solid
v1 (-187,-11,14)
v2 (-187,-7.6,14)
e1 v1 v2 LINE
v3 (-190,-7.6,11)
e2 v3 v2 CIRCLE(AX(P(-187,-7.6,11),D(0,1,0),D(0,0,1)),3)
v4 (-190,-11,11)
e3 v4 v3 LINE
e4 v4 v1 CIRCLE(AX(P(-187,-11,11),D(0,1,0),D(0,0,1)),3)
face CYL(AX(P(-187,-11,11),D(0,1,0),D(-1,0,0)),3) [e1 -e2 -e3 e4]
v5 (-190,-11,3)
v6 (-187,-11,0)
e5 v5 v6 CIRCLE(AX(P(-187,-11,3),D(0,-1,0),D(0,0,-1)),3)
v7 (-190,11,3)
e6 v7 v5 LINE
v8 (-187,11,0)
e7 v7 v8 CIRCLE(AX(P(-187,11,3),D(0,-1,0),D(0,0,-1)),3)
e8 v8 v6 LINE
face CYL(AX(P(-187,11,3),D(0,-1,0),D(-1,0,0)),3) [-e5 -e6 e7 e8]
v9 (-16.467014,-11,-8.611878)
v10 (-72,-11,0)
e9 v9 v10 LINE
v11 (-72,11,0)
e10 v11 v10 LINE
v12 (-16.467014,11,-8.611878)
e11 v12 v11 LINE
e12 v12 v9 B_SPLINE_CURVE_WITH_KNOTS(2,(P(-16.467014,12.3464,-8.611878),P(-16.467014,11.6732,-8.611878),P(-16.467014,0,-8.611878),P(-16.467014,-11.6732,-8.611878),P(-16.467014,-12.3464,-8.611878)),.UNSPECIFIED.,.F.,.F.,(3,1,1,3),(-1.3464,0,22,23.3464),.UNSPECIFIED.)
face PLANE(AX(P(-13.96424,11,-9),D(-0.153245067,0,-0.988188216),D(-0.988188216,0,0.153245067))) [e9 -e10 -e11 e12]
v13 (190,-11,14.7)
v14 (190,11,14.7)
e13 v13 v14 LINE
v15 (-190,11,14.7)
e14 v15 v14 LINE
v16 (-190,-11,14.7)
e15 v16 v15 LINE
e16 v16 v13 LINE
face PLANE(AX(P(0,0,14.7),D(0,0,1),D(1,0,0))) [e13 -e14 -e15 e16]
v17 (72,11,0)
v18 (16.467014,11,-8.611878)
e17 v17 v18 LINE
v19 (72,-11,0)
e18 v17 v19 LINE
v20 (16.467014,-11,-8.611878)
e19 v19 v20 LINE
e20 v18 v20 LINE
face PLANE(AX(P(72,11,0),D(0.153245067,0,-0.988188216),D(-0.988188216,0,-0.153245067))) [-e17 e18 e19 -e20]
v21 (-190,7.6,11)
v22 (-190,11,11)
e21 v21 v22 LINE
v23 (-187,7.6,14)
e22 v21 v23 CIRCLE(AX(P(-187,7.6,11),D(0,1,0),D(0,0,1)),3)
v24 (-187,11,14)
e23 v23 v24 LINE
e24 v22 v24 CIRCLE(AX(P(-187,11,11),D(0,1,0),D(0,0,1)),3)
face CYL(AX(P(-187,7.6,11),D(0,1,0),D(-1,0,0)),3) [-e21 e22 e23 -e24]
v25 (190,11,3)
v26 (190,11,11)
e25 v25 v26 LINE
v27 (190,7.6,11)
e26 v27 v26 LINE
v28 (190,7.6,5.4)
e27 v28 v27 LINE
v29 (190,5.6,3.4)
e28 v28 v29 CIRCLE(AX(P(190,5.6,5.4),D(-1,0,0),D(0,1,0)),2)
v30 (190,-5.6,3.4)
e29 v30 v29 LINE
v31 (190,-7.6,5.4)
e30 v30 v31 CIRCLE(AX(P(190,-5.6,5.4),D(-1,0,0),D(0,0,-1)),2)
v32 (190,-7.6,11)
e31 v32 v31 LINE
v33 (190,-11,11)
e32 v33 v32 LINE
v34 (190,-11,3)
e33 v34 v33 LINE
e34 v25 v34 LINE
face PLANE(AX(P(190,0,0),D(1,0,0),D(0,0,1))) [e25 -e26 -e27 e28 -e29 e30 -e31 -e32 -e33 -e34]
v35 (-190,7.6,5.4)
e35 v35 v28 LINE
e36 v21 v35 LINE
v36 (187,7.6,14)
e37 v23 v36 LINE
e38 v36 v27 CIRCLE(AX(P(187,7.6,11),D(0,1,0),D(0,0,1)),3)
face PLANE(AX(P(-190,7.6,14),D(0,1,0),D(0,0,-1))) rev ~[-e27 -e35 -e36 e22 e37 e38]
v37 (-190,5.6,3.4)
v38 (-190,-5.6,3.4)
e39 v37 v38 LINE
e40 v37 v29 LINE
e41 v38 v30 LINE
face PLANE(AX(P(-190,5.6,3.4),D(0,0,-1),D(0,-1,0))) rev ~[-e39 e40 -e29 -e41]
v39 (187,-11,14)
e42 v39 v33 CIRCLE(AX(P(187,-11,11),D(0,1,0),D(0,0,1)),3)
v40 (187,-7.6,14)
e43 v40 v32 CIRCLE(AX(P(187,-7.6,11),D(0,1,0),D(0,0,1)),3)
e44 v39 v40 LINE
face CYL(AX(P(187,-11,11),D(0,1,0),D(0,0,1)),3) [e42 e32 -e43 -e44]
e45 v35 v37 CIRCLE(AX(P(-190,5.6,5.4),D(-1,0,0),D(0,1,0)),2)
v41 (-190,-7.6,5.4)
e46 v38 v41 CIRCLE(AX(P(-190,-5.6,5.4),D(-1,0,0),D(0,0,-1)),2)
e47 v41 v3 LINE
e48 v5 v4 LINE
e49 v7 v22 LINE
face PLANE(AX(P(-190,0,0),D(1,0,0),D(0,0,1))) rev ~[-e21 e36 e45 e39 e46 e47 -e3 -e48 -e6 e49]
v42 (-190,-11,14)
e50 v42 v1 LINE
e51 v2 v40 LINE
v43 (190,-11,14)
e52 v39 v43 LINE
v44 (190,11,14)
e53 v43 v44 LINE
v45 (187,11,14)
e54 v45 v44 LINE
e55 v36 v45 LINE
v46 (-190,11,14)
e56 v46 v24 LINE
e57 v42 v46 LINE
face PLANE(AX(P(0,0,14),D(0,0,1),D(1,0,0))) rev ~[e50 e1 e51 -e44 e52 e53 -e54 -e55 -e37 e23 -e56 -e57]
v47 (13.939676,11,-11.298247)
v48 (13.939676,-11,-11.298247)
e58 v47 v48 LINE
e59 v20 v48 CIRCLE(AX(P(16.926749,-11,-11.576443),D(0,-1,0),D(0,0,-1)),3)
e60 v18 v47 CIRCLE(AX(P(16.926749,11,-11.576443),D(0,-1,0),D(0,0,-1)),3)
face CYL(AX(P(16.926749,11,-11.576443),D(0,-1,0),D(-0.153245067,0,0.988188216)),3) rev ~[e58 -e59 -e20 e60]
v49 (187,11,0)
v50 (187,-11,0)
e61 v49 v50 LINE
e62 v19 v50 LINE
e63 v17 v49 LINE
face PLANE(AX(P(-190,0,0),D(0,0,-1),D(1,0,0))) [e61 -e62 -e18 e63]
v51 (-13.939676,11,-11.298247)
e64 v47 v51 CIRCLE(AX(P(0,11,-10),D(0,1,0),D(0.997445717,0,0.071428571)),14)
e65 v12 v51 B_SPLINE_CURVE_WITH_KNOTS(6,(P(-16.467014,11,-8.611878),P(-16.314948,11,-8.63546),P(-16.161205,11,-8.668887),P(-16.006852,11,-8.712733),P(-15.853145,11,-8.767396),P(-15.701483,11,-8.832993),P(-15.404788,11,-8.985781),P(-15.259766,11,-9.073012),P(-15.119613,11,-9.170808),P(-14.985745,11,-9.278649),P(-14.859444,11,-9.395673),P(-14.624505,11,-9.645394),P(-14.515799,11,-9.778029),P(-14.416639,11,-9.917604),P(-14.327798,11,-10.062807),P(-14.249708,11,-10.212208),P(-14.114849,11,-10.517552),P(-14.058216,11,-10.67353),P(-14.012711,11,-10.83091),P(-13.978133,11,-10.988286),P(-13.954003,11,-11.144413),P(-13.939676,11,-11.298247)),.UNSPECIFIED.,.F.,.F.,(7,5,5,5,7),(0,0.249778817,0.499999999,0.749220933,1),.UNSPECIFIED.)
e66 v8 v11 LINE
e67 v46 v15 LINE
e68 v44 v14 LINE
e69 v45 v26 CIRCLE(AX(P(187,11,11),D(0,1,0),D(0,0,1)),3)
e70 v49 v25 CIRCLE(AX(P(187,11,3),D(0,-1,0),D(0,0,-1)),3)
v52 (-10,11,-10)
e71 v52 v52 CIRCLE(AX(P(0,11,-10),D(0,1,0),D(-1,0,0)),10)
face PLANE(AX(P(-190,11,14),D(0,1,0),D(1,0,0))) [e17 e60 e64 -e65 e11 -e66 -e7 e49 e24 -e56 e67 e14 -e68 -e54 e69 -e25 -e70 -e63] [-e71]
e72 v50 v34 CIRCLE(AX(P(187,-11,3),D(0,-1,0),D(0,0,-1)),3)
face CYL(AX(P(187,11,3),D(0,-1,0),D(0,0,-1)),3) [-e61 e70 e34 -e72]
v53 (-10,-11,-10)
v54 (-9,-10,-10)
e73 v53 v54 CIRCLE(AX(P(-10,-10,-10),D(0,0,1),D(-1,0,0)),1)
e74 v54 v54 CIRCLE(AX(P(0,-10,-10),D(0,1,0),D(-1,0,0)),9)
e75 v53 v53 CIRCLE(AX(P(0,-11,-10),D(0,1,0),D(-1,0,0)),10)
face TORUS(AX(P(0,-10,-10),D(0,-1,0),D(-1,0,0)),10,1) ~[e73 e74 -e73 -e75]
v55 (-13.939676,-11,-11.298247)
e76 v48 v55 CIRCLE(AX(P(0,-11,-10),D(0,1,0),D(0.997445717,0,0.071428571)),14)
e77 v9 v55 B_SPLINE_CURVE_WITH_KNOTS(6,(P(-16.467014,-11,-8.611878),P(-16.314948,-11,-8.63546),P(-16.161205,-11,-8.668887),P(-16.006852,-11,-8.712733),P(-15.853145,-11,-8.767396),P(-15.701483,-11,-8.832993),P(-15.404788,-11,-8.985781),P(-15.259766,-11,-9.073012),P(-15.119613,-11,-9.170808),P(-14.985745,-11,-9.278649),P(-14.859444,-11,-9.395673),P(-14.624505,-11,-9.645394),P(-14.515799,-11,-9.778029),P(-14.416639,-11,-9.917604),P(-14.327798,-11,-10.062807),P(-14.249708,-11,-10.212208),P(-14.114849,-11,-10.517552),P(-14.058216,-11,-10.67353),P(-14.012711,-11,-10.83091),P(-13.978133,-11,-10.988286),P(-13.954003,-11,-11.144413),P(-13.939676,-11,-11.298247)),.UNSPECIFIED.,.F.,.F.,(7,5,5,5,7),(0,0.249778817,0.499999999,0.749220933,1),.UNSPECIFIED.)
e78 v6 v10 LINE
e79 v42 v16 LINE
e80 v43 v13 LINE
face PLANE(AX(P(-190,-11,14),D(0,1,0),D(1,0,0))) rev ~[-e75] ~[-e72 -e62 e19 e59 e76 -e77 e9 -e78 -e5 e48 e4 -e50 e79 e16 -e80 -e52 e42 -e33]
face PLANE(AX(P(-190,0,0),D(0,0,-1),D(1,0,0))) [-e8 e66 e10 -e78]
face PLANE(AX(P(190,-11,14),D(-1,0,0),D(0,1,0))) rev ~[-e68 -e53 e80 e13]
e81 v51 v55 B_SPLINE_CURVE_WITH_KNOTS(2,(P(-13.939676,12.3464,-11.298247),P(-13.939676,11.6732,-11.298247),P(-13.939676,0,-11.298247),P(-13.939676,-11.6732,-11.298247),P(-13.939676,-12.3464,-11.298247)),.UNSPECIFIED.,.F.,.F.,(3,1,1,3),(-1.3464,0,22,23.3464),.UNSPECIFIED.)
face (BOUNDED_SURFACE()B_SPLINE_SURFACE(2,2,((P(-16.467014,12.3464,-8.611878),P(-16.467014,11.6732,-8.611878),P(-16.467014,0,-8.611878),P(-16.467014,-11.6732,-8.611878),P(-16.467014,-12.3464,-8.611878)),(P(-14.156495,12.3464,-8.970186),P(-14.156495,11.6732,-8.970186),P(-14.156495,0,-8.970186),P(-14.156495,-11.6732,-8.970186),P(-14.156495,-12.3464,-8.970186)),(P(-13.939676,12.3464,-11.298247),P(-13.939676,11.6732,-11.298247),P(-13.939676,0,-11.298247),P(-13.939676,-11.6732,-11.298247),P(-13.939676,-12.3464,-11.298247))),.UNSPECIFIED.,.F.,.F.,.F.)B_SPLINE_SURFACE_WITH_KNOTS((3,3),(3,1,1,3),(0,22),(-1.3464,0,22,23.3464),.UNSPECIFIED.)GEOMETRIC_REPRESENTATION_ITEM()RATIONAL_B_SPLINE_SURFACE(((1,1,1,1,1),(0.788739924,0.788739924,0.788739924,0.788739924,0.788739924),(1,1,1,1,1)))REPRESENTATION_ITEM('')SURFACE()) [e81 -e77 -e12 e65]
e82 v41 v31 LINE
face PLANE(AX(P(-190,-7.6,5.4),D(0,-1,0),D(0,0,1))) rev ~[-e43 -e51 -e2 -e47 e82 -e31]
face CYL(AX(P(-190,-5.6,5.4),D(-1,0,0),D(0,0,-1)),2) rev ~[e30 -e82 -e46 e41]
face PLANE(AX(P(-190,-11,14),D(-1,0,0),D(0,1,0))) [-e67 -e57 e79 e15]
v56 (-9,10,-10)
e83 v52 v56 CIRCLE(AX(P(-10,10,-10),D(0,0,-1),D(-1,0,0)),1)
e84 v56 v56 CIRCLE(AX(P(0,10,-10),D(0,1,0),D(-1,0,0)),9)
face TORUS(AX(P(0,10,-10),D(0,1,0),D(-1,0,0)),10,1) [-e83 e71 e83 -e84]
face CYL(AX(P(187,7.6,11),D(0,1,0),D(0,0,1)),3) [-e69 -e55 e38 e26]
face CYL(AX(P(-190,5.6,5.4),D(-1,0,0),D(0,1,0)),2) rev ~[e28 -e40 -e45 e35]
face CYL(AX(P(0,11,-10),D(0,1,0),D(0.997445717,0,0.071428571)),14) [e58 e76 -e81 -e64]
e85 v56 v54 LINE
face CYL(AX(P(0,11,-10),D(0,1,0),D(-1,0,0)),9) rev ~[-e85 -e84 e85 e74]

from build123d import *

# Parameters (mm, degrees)
F1_W     = 380
F1_H     = 14
F2_DEPTH = 11
F4_DEPTH = 380.001
F5_R     = 9
F6_DEPTH = 22
F8_R     = 3
F7_W     = 380
F7_H     = 22
F9_DEPTH = 0.7
F10_R    = 1


with BuildPart() as f2:
    # F1 (on Front) → F2 (new body, symmetric)
    with BuildSketch(Plane.XZ):
        with Locations((0, 7)):
            Rectangle(F1_W, F1_H)
    extrude(amount=F2_DEPTH, both=True)

    # F3 (on face) → F4 (cut, through all)
    with BuildSketch(Plane(origin=(-190, 0, 0), x_dir=(0, -1, 0), z_dir=(-1, 0, 0))):
        with BuildLine():
            Line((7.6, 14), (-7.6, 14))
            Line((-7.6, 14), (-7.6, 5.4))
            ThreePointArc((-7.6, 5.4), (-7.0142135624, 3.9857864376), (-5.6, 3.4))
            Line((-5.6, 3.4), (5.6, 3.4))
            ThreePointArc((5.6, 3.4), (7.0142135624, 3.9857864376), (7.6, 5.4))
            Line((7.6, 5.4), (7.6, 14))
        make_face()
    extrude(amount=-F4_DEPTH, mode=Mode.SUBTRACT)

    # F5 (on face) → F6 (join, through all)
    with BuildSketch(Plane(origin=(0, 11, 0), x_dir=(-1, 0, 0), z_dir=(0, 1, 0))):
        with BuildLine():
            Line((-9.7979589711, 0), (-72, 0))
            Line((-72, 0), (-13.9642400438, -9))
            ThreePointArc((-13.9642400438, -9), (-12.7047442125, -4.118718295), (-9.7979589711, 0))
        make_face()
        with BuildLine():
            ThreePointArc((-9.7979589711, 0), (-12.7047442125, -4.118718295), (-13.9642400438, -9))
            ThreePointArc((-13.9642400438, -9), (-0.5003195915, -23.9910571547), (14, -10))
            ThreePointArc((14, -10), (13.9910571547, -9.4996804085), (13.9642400438, -9))
            ThreePointArc((13.9642400438, -9), (12.7047442125, -4.118718295), (9.7979589711, 0))
            Line((9.7979589711, 0), (-9.7979589711, 0))
        make_face()
        with Locations((0, -10)):
            Circle(F5_R, mode=Mode.SUBTRACT)
        with BuildLine():
            Line((72, 0), (9.7979589711, 0))
            ThreePointArc((9.7979589711, 0), (12.7047442125, -4.118718295), (13.9642400438, -9))
            Line((13.9642400438, -9), (72, 0))
        make_face()
    extrude(amount=-F6_DEPTH)

    # F8
    f8_edges = [f2.edges().sort_by_distance(p)[0] for p in [
        (190, -9.3, 14),
        (190, 9.3, 14),
        (190, 0, 0),
        (-190, -9.3, 14),
        (-190, 9.3, 14),
        (-190, 0, 0),
        (13.96424, 0, -9),
        (-13.96424, 0, -9),
    ]]
    fillet(f8_edges, radius=F8_R)

    # F7 (on face) → F9 (join)
    with BuildSketch(Plane.XY.offset(14)):
        Rectangle(F7_W, F7_H)
    extrude(amount=F9_DEPTH)

    # F10
    f10_edges = [f2.edges().sort_by_distance(p)[0] for p in [
        (-9, 0, -10),
        (9, 11, -10),
        (9, -11, -10),
    ]]
    fillet(f10_edges, radius=F10_R)


solid = f2.part
